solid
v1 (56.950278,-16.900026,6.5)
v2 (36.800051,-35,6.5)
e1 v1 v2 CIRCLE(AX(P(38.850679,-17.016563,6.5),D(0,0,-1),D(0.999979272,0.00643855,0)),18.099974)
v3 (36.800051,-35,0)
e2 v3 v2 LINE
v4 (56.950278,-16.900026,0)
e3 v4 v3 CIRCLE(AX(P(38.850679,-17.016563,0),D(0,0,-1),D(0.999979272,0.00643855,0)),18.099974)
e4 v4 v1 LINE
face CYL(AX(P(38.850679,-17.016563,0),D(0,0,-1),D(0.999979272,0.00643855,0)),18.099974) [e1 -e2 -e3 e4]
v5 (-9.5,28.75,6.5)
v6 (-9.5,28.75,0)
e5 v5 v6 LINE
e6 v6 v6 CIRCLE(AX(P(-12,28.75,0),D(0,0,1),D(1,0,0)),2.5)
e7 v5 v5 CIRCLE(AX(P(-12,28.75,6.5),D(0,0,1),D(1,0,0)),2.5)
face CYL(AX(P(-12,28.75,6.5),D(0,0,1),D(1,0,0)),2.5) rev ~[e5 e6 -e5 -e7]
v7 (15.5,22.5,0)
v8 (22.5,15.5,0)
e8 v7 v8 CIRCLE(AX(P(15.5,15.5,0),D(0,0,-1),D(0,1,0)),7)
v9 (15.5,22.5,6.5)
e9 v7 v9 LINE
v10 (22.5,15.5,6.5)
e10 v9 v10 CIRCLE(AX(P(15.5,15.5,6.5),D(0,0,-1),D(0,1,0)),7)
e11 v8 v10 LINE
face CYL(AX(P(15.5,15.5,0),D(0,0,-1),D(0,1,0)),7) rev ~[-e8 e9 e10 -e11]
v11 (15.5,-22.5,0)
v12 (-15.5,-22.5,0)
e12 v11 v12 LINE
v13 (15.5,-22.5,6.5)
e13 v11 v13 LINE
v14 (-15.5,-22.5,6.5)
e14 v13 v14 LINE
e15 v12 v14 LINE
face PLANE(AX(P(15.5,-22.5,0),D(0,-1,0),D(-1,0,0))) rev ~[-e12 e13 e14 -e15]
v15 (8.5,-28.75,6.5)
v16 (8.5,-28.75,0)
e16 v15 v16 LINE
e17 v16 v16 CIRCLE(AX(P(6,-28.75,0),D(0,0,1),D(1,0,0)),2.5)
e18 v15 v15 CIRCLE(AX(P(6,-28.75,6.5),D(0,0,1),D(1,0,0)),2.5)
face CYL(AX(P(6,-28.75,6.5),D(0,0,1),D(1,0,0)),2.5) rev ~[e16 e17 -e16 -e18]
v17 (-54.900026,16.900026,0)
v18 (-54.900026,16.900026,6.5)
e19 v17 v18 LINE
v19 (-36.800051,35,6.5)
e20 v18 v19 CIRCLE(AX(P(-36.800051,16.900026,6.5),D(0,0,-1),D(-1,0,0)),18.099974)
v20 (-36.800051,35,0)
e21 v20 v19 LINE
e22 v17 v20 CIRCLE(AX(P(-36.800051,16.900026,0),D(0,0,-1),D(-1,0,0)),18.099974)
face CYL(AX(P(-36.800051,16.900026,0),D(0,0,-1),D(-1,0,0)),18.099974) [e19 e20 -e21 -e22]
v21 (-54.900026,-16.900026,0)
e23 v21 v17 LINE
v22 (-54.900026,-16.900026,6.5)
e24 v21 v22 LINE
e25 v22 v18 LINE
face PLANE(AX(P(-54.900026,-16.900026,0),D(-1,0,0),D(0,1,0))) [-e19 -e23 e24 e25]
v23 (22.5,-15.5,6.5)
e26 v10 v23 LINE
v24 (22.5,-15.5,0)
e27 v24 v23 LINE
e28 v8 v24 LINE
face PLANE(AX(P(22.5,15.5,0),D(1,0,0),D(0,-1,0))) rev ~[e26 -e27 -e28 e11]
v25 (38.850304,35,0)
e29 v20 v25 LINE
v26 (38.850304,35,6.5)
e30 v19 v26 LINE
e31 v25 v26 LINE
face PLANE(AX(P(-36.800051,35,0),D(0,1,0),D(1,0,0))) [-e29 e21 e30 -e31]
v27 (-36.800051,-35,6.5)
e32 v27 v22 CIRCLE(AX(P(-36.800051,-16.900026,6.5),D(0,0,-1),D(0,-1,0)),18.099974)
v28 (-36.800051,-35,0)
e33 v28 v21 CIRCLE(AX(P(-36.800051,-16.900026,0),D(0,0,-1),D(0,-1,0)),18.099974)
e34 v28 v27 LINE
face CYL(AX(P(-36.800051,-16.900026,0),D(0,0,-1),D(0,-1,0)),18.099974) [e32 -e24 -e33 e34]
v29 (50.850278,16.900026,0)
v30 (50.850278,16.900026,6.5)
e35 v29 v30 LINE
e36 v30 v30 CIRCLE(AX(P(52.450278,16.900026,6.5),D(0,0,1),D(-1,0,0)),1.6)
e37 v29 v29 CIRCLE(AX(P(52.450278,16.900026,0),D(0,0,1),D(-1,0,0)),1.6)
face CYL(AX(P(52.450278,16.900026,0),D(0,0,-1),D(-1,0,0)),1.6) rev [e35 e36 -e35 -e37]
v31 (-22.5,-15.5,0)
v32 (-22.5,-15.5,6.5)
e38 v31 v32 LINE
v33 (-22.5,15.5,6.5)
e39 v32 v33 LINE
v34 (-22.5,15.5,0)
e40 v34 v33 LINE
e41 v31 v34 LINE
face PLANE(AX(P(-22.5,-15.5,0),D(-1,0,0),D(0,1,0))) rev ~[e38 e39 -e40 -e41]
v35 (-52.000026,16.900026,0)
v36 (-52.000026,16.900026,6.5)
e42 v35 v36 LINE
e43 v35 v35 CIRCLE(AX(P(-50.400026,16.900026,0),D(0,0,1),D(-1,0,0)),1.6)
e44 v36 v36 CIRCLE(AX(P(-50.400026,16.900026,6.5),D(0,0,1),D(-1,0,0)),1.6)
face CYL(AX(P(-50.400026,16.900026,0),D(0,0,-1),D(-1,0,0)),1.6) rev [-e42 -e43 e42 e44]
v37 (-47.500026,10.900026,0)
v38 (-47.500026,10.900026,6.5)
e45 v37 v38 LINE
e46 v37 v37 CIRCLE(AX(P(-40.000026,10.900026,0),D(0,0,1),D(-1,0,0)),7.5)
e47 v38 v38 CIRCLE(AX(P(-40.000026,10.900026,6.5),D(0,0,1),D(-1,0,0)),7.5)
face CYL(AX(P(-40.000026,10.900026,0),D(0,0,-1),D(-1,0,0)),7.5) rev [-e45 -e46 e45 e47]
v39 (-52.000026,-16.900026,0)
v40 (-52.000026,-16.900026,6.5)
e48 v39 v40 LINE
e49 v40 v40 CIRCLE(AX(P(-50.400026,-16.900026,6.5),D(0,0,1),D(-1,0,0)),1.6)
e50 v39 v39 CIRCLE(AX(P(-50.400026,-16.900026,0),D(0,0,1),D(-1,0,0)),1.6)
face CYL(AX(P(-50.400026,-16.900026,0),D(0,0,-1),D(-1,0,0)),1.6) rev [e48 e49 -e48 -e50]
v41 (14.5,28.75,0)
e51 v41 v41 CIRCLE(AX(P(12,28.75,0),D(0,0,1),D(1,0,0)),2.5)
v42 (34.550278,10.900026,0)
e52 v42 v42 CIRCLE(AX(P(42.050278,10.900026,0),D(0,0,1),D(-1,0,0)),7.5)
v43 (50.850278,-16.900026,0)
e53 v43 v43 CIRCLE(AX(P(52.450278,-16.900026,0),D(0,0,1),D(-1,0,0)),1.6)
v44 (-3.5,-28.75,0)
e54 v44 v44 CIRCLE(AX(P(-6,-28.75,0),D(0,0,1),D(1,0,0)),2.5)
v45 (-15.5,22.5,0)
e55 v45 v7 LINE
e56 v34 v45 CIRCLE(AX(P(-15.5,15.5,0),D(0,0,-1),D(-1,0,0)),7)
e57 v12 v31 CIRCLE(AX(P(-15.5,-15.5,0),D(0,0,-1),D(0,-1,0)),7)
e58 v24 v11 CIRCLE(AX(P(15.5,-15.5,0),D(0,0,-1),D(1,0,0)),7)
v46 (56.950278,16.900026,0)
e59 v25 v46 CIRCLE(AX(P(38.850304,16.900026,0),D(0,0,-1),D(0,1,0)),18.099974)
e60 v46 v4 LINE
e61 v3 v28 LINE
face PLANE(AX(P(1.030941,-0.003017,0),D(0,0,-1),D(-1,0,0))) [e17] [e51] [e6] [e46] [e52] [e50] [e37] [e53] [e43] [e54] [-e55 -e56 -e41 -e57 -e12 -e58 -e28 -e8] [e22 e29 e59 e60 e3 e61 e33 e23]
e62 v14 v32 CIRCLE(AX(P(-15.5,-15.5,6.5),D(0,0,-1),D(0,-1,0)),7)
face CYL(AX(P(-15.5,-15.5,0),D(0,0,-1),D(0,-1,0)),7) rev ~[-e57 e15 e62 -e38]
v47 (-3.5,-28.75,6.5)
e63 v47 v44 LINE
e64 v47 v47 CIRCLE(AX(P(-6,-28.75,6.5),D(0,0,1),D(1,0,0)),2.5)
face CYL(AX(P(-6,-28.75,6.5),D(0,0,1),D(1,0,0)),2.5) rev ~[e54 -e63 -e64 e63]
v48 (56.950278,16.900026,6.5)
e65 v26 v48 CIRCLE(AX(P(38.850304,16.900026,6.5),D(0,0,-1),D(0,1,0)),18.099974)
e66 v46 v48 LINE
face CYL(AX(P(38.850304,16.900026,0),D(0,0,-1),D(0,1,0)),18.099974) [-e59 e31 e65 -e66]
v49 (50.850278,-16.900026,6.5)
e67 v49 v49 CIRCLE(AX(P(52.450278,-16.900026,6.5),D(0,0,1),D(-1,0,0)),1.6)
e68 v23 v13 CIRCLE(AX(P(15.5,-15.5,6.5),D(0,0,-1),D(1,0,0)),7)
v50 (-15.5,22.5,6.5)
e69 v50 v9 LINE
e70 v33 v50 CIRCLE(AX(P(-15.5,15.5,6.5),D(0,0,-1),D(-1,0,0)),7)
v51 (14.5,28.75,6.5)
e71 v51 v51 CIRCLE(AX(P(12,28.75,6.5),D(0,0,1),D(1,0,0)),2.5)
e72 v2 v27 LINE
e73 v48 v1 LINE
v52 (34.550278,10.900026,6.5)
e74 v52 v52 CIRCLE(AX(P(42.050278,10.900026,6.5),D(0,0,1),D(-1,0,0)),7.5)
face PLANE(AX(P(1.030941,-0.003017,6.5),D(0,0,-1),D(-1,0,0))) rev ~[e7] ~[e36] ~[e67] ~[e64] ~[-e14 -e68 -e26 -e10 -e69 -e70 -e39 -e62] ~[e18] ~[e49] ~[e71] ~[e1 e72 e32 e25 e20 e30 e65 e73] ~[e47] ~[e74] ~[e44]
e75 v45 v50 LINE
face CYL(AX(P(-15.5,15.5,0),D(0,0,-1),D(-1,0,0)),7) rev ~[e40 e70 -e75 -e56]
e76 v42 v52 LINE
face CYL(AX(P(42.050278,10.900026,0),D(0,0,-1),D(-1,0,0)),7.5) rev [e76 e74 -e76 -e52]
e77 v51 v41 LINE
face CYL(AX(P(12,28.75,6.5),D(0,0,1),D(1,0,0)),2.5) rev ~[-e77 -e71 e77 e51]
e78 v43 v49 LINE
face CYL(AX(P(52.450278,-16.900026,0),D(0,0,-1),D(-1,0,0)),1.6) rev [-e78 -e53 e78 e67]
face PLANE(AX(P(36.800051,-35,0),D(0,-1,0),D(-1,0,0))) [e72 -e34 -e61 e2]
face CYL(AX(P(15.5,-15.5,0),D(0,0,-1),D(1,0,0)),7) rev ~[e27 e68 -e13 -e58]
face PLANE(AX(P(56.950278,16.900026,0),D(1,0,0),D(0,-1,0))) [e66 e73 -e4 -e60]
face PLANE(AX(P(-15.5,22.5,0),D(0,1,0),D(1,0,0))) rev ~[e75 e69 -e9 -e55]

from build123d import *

# Parameters (mm, degrees)
SKETCH_1_R          = 1.6
SKETCH_1_R_2        = 7.5
EXTRUDE_1_DEPTH     = 6.5
SKETCH_3_R          = 2.5
CUT_EXTRUDE_1_DEPTH = 68.222006253


with BuildPart() as part:
    # 草图1 → 凸台-拉伸1 (new body)
    with BuildSketch(Plane.XY):
        with BuildLine():
            Line((-36.800051208, 35), (38.850303739, 35))
            ThreePointArc((38.850303739, 35), (51.648918374, 29.698640239), (56.950278135, 16.900025604))
            Line((56.950278135, 16.900025604), (56.950278135, -16.900025604))
            ThreePointArc((56.950278135, -16.900025604), (50.945911029, -30.48186799), (36.800051208, -35))
            Line((36.800051208, -35), (-36.800051208, -35))
            ThreePointArc((-36.800051208, -35), (-49.598665842, -29.698640239), (-54.900025604, -16.900025604))
            Line((-54.900025604, -16.900025604), (-54.900025604, 16.900025604))
            ThreePointArc((-54.900025604, 16.900025604), (-49.598665842, 29.698640239), (-36.800051208, 35))
        make_face()
        with Locations(Location((-50.400025604, 16.900025604, 0), (0, 0, 180))):
            Circle(SKETCH_1_R, mode=Mode.SUBTRACT)
        with Locations(Location((-40.000025604, 10.900025604, 0), (0, 0, 180))):
            Circle(SKETCH_1_R_2, mode=Mode.SUBTRACT)
        with Locations(Location((52.450278135, 16.900025604, 0), (0, 0, 180))):
            Circle(SKETCH_1_R, mode=Mode.SUBTRACT)
        with Locations(Location((42.050278135, 10.900025604, 0), (0, 0, 180))):
            Circle(SKETCH_1_R_2, mode=Mode.SUBTRACT)
        with Locations(Location((52.450278135, -16.900025604, 0), (0, 0, 180))):
            Circle(SKETCH_1_R, mode=Mode.SUBTRACT)
        with Locations(Location((-50.400025604, -16.900025604, 0), (0, 0, 180))):
            Circle(SKETCH_1_R, mode=Mode.SUBTRACT)
        with BuildLine():
            Line((-15.5, 22.5), (15.5, 22.5))
            ThreePointArc((15.5, 22.5), (20.449747468, 20.449747468), (22.5, 15.5))
            Line((22.5, 15.5), (22.5, -15.5))
            ThreePointArc((22.5, -15.5), (20.449747468, -20.449747468), (15.5, -22.5))
            Line((15.5, -22.5), (-15.5, -22.5))
            ThreePointArc((-15.5, -22.5), (-20.449747468, -20.449747468), (-22.5, -15.5))
            Line((-22.5, -15.5), (-22.5, 15.5))
            ThreePointArc((-22.5, 15.5), (-20.449747468, 20.449747468), (-15.5, 22.5))
        make_face(mode=Mode.SUBTRACT)
    extrude(amount=EXTRUDE_1_DEPTH)

    # 草图3 → 切除-拉伸1 (cut, through all)
    with BuildSketch(Plane.XY.offset(6.5)):
        with Locations((-12, 28.75)):
            Circle(SKETCH_3_R)
        with Locations((12, 28.75)):
            Circle(SKETCH_3_R)
        with Locations((-6, -28.75)):
            Circle(SKETCH_3_R)
        with Locations((6, -28.75)):
            Circle(SKETCH_3_R)
    extrude(amount=-CUT_EXTRUDE_1_DEPTH, mode=Mode.SUBTRACT)


solid = part.part
